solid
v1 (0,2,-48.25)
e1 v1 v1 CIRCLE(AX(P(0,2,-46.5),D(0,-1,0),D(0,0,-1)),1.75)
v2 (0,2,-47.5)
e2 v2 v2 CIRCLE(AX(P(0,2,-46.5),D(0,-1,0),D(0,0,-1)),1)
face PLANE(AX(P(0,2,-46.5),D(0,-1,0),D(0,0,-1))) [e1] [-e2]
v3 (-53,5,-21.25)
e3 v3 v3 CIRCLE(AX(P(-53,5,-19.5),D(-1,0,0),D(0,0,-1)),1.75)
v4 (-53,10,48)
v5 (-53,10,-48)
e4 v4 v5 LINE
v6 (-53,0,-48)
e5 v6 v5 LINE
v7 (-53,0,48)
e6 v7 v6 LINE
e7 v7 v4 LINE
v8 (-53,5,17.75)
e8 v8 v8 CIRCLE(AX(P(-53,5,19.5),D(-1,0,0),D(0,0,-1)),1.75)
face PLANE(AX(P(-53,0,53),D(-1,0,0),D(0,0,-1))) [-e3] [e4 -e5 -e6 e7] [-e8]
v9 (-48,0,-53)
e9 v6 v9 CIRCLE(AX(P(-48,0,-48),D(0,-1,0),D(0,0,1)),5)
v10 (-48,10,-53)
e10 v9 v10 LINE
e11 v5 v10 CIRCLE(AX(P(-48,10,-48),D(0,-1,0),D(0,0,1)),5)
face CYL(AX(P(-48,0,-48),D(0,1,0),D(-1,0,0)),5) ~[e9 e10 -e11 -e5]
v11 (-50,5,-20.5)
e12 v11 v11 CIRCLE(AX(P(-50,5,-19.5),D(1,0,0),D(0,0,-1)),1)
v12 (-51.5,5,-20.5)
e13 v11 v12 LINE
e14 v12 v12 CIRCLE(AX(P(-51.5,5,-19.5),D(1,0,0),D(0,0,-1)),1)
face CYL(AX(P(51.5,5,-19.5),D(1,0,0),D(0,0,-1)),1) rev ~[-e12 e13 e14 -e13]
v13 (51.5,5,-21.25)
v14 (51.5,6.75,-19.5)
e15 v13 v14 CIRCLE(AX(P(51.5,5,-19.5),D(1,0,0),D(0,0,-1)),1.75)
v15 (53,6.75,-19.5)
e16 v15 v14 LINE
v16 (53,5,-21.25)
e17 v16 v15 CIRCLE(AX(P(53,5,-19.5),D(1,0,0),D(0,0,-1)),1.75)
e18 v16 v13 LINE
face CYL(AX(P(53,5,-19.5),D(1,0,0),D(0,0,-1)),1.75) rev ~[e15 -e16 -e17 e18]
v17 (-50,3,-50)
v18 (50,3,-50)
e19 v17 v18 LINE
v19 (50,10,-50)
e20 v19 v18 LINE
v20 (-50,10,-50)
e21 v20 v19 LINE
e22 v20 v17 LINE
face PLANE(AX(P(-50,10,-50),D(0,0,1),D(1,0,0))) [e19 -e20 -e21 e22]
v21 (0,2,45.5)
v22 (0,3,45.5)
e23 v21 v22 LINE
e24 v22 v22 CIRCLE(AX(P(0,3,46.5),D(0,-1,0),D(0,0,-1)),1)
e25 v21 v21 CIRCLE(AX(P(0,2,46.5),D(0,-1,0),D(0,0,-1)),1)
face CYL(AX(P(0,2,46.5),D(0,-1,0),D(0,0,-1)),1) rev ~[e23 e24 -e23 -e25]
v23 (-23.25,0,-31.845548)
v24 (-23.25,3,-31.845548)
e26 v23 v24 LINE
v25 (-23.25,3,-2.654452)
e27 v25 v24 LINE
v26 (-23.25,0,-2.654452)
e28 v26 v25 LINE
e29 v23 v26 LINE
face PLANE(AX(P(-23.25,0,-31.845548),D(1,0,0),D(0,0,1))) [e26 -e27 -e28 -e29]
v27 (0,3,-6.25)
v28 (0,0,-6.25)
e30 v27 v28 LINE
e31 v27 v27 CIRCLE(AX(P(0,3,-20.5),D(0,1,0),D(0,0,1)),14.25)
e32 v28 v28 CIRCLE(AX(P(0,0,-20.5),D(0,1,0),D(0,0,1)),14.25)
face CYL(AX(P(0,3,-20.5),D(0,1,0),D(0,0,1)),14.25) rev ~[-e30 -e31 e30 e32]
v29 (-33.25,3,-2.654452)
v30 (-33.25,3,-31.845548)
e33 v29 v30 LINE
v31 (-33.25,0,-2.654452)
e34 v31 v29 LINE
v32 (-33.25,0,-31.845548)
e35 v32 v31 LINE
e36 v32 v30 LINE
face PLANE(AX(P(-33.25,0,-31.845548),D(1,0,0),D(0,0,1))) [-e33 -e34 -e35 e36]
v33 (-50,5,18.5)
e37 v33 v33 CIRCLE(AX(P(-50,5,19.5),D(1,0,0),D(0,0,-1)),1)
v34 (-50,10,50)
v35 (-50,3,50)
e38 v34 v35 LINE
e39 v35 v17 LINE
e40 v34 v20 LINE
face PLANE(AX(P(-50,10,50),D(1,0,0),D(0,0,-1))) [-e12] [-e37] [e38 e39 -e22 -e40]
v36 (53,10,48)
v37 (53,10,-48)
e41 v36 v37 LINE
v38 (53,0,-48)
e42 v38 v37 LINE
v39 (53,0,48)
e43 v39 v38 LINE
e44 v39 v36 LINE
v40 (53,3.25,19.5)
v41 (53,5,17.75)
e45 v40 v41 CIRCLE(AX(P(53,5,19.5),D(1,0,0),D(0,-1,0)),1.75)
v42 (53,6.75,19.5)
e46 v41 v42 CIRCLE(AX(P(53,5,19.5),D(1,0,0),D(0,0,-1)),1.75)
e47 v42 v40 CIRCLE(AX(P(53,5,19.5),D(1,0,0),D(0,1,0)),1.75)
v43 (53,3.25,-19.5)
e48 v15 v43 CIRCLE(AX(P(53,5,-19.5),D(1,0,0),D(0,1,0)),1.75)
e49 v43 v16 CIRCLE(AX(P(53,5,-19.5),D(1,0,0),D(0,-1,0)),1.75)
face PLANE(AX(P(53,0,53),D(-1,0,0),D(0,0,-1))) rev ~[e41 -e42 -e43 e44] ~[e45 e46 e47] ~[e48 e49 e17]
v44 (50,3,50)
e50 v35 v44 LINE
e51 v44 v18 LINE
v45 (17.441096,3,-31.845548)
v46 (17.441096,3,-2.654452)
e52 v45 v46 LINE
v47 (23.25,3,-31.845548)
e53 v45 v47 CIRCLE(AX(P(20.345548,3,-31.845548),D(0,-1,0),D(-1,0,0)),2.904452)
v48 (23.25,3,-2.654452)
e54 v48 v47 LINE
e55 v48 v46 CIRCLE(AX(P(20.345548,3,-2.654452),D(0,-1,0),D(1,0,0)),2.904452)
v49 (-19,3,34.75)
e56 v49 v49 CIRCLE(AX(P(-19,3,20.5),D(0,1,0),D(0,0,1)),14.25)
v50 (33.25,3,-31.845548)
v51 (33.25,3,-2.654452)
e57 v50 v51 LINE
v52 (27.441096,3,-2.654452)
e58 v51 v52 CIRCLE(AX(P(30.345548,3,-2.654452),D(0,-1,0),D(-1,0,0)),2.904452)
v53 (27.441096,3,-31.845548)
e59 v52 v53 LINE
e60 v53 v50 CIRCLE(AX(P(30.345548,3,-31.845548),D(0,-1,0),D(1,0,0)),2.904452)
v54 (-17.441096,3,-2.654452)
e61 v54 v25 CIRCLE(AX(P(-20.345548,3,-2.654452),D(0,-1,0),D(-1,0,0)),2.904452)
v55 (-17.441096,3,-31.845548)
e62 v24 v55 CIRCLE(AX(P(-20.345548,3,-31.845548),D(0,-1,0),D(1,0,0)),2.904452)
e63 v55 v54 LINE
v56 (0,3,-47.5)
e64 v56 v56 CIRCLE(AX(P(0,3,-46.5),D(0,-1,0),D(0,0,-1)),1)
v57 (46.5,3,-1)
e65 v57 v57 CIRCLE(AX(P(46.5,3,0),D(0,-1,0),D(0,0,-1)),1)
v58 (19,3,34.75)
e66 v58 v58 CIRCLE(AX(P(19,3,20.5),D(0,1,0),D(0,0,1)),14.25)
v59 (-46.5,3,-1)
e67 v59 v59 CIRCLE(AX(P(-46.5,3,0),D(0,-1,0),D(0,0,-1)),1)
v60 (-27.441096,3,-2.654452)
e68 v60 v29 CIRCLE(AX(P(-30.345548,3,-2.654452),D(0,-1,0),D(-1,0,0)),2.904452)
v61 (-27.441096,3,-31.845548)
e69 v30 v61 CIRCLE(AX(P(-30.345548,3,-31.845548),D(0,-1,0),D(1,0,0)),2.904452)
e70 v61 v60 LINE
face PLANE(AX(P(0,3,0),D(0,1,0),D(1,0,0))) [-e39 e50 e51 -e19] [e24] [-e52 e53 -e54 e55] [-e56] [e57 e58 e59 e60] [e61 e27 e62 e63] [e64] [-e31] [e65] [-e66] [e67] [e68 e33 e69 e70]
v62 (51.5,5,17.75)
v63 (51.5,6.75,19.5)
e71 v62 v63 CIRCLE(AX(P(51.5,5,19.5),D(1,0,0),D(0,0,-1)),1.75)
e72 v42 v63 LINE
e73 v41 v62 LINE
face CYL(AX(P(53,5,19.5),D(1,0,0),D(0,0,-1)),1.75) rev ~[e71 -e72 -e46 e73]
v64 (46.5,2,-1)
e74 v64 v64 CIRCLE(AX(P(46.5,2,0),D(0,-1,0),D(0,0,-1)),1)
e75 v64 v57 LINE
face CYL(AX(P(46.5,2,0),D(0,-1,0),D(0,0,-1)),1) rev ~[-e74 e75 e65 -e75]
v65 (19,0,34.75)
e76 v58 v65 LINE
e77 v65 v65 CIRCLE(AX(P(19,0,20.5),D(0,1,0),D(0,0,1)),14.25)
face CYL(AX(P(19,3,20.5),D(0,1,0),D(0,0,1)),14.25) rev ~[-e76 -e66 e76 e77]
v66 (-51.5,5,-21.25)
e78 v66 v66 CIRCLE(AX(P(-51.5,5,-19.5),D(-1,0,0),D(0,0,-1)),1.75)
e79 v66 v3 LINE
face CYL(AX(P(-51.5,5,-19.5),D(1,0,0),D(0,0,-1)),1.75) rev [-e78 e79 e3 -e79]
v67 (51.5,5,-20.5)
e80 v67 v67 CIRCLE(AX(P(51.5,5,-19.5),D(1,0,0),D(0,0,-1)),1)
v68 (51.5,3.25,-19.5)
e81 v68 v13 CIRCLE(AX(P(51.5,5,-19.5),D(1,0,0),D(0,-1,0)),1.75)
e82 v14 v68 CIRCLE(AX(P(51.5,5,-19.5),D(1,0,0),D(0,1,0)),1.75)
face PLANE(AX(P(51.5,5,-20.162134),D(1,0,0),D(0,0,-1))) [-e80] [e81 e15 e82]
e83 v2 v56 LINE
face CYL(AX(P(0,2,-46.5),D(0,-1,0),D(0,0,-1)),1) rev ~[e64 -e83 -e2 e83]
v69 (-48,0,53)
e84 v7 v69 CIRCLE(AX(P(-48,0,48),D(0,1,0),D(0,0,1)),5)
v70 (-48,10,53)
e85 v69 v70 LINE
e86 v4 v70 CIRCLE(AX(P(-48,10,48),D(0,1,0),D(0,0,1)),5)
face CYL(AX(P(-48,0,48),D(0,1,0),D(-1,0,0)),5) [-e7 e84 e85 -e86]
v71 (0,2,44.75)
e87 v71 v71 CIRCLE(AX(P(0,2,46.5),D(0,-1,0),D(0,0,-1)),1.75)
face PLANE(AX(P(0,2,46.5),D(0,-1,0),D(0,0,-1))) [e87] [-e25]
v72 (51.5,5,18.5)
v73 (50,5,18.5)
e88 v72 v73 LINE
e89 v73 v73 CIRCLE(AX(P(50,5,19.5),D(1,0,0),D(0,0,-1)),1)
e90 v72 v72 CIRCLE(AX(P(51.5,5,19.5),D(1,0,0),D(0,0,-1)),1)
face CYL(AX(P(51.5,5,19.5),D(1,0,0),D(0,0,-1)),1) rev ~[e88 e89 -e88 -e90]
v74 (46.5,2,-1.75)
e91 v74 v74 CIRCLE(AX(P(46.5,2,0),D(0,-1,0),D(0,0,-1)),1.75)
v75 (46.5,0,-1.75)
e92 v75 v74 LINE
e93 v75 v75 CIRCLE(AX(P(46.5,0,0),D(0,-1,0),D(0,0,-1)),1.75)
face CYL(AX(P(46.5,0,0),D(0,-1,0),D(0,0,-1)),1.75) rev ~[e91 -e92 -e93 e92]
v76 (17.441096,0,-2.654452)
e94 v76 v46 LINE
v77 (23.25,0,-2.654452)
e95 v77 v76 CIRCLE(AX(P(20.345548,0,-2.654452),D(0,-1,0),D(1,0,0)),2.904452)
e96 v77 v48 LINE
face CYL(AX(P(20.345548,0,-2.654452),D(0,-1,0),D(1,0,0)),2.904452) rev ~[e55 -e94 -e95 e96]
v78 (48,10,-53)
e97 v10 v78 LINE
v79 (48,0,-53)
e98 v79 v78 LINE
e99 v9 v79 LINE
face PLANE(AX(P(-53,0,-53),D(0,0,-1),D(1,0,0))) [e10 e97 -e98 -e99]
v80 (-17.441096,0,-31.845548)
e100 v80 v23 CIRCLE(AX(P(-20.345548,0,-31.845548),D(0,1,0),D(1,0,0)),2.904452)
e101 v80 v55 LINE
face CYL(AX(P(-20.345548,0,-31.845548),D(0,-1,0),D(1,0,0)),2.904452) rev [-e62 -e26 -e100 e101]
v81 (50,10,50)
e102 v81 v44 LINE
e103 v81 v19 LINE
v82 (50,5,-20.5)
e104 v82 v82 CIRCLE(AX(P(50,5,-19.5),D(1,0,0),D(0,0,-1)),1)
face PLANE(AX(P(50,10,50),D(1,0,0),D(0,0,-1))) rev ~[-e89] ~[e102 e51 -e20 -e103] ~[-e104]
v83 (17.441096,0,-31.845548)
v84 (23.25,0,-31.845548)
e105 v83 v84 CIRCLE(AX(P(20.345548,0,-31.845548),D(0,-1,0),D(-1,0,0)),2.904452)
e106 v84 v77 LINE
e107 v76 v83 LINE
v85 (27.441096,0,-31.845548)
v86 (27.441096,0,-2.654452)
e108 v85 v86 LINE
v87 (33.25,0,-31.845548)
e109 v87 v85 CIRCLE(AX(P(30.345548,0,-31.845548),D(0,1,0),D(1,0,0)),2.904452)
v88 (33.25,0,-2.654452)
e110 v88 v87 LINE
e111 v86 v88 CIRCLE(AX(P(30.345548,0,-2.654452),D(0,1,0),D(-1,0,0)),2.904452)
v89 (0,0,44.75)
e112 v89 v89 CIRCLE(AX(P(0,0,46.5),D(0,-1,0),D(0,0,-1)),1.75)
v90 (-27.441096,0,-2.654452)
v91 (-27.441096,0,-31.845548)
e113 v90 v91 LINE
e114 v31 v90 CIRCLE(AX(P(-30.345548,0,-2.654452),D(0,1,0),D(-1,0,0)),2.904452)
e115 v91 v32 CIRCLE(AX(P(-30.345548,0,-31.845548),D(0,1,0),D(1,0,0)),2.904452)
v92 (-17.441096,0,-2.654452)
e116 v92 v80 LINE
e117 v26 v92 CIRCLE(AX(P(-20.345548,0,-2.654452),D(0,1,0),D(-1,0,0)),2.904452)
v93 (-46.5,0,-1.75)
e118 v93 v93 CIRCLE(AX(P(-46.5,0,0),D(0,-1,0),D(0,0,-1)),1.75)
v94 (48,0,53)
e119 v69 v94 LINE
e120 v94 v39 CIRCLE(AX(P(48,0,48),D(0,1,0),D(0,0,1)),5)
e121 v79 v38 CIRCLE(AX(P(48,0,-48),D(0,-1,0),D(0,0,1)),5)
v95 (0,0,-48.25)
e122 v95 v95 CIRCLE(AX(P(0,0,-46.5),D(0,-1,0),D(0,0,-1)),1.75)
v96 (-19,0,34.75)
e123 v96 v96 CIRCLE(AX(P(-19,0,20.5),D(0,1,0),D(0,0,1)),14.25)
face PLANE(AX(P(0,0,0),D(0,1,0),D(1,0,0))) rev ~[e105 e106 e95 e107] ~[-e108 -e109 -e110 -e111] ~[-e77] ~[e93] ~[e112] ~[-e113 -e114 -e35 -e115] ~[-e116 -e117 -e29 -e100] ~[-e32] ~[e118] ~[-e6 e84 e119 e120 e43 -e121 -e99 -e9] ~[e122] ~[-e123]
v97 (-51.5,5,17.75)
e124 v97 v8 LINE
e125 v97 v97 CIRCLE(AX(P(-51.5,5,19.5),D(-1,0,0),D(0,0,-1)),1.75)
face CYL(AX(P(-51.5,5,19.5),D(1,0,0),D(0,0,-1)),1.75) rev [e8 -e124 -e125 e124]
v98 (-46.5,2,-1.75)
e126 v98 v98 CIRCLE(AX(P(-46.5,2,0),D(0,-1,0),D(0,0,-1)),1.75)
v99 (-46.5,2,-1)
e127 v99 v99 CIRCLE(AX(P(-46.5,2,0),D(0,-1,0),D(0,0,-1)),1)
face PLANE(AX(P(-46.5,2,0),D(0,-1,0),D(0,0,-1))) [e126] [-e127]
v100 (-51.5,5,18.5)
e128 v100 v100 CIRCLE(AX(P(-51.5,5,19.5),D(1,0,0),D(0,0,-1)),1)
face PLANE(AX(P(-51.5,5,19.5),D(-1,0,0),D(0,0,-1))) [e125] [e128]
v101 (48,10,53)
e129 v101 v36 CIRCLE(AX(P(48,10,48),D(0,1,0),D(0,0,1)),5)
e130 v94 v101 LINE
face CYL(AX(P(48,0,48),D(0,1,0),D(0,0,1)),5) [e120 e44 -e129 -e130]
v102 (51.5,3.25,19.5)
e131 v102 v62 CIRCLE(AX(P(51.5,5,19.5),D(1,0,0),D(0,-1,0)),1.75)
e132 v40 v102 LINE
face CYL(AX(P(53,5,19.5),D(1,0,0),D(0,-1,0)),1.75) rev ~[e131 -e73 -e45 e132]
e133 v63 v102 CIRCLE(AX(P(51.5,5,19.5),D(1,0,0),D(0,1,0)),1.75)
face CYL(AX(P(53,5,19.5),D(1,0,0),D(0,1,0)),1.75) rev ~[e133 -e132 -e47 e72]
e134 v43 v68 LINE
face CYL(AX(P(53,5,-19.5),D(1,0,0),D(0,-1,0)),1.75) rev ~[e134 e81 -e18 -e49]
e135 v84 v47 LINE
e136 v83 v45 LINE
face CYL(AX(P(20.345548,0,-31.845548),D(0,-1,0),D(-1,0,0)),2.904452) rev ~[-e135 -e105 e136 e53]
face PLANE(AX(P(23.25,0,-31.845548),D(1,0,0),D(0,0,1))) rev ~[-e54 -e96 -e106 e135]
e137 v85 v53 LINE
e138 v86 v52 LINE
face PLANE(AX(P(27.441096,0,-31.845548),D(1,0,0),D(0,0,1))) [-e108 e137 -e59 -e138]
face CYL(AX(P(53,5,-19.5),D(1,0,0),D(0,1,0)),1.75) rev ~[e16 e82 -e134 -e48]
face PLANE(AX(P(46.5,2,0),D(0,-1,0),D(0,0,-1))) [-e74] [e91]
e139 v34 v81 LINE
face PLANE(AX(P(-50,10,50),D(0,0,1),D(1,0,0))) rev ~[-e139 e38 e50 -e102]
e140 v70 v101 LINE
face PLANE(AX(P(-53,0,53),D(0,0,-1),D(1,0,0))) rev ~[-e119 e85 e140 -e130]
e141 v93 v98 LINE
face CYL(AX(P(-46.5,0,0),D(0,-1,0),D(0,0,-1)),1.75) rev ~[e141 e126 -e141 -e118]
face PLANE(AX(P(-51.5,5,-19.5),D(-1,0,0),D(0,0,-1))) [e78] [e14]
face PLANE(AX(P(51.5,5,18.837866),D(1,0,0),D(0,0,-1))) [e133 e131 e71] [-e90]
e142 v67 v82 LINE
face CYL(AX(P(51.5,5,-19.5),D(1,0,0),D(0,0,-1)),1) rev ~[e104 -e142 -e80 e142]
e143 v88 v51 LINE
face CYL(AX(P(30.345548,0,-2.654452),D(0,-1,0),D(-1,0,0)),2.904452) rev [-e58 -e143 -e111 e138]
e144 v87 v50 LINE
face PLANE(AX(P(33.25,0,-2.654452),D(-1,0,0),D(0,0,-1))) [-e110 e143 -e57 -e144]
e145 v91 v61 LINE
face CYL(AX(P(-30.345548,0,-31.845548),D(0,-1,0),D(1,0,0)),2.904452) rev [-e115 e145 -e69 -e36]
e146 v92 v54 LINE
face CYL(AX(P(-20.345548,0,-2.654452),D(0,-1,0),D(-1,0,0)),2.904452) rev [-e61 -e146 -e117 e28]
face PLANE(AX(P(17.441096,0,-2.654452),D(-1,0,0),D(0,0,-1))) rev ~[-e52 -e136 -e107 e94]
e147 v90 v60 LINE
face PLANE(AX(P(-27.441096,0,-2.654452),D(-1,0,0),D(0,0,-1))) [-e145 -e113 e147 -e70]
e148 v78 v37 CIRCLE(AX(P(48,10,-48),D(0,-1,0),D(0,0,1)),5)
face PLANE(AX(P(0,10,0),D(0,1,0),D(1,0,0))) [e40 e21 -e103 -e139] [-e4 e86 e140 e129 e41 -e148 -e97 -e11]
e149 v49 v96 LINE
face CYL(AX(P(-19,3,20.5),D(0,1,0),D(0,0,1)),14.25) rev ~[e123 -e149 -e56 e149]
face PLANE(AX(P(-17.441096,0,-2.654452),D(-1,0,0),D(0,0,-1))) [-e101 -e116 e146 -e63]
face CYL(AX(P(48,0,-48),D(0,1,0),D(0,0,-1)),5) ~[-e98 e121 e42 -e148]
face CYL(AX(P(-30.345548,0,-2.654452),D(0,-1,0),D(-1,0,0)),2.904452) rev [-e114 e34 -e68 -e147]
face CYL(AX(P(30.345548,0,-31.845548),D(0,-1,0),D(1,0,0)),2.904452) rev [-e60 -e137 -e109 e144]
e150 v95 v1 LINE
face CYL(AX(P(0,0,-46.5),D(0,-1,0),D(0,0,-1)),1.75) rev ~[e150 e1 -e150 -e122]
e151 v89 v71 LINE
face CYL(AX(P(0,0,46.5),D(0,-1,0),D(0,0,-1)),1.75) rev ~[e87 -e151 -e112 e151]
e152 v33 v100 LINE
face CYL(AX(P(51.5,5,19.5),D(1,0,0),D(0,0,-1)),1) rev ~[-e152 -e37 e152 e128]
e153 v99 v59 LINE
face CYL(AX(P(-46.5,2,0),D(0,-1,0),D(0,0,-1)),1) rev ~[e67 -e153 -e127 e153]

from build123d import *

# Parameters (mm, degrees)
SKETCH1_W           = 106
SKETCH1_H           = 106
BOSS_EXTRUDE1_DEPTH = 10
SKETCH3_W           = 100
SKETCH3_H           = 100
CUT_EXTRUDE5_DEPTH  = 7
SKETCH7_R           = 14.25
CUT_EXTRUDE6_DEPTH  = 7
SKETCH9_R           = 1.75
CUT_EXTRUDE7_DEPTH  = 2
SKETCH11_R          = 1
CUT_EXTRUDE8_DEPTH  = 17
CUT_EXTRUDE9_DEPTH  = 1.5
SKETCH14_R          = 1
CUT_EXTRUDE10_DEPTH = 115.5
CUT_EXTRUDE11_START = -1.5
SKETCH15_R          = 1.75
CUT_EXTRUDE11_DEPTH = 1.5
FILLET1_R           = 5
CUT_EXTRUDE12_DEPTH = 10


with BuildPart() as part:
    # Sketch1 → Boss-Extrude1 (new body)
    with BuildSketch(Plane(origin=(0, 0, 0), x_dir=(1, 0, 0), z_dir=(0, 1, 0))):
        Rectangle(SKETCH1_W, SKETCH1_H)
    extrude(amount=BOSS_EXTRUDE1_DEPTH)

    # Sketch3 → Cut-Extrude5 (cut)
    with BuildSketch(Plane(origin=(0, 10, 0), x_dir=(1, 0, 0), z_dir=(0, 1, 0))):
        Rectangle(SKETCH3_W, SKETCH3_H)
    extrude(amount=-CUT_EXTRUDE5_DEPTH, mode=Mode.SUBTRACT)

    # Sketch7 → Cut-Extrude6 (cut)
    with BuildSketch(Plane(origin=(0, 3, 0), x_dir=(1, 0, 0), z_dir=(0, 1, 0))):
        with Locations(Location((0, 20.5, 0), (0, 0, 270))):
            Circle(SKETCH7_R)
        with Locations(Location((19, -20.5, 0), (0, 0, 270))):
            Circle(SKETCH7_R)
        with Locations(Location((-19, -20.5, 0), (0, 0, 270))):
            Circle(SKETCH7_R)
    extrude(amount=-CUT_EXTRUDE6_DEPTH, mode=Mode.SUBTRACT)

    # Sketch9 → Cut-Extrude7 (cut)
    with BuildSketch(Plane.XZ):
        with Locations(Location((46.5, 0, 0), (0, 0, 270))):
            Circle(SKETCH9_R)
        with Locations(Location((0, -46.5, 0), (0, 0, 270))):
            Circle(SKETCH9_R)
        with Locations(Location((0, 46.5, 0), (0, 0, 270))):
            Circle(SKETCH9_R)
        with Locations(Location((-46.5, 0, 0), (0, 0, 270))):
            Circle(SKETCH9_R)
    extrude(amount=-CUT_EXTRUDE7_DEPTH, mode=Mode.SUBTRACT)

    # Sketch11 → Cut-Extrude8 (cut)
    with BuildSketch(Plane.XZ.offset(-2)):
        with Locations(Location((46.5, 0, 0), (0, 0, 270))):
            Circle(SKETCH11_R)
        with Locations(Location((0, -46.5, 0), (0, 0, 270))):
            Circle(SKETCH11_R)
        with Locations(Location((-46.5, 0, 0), (0, 0, 270))):
            Circle(SKETCH11_R)
        with Locations(Location((0, 46.5, 0), (0, 0, 270))):
            Circle(SKETCH11_R)
    extrude(amount=-CUT_EXTRUDE8_DEPTH, mode=Mode.SUBTRACT)

    # Sketch12 → Cut-Extrude9 (cut)
    with BuildSketch(Plane(origin=(53, 0, 0), x_dir=(0, 0, -1), z_dir=(1, 0, 0))):
        with BuildLine():
            ThreePointArc((-17.75, 5), (-18.262563133, 6.237436867), (-19.5, 6.75))
            Line((-19.5, 6.75), (-19.5, 3.25))
            ThreePointArc((-19.5, 3.25), (-18.262563133, 3.762563133), (-17.75, 5))
        make_face()
        with BuildLine():
            Line((-19.5, 3.25), (-19.5, 6.75))
            ThreePointArc((-19.5, 6.75), (-21.25, 5), (-19.5, 3.25))
        make_face()
        with BuildLine():
            ThreePointArc((21.25, 5), (20.737436867, 6.237436867), (19.5, 6.75))
            Line((19.5, 6.75), (19.5, 3.25))
            ThreePointArc((19.5, 3.25), (20.737436867, 3.762563133), (21.25, 5))
        make_face()
        with BuildLine():
            Line((19.5, 3.25), (19.5, 6.75))
            ThreePointArc((19.5, 6.75), (17.75, 5), (19.5, 3.25))
        make_face()
    extrude(amount=-CUT_EXTRUDE9_DEPTH, mode=Mode.SUBTRACT)

    # Sketch14 → Cut-Extrude10 (cut)
    with BuildSketch(Plane(origin=(51.5, 0, 0), x_dir=(0, 0, -1), z_dir=(1, 0, 0))):
        with Locations((-19.5, 5)):
            Circle(SKETCH14_R)
        with Locations((19.5, 5)):
            Circle(SKETCH14_R)
    extrude(amount=-CUT_EXTRUDE10_DEPTH, mode=Mode.SUBTRACT)

    # Sketch15 → Cut-Extrude11 (cut)
    with BuildSketch(Plane.ZY.offset(53).offset(CUT_EXTRUDE11_START)):
        with Locations(Location((-19.5, 5, 0), (0, 0, 180))):
            Circle(SKETCH15_R)
        with Locations(Location((19.5, 5, 0), (0, 0, 180))):
            Circle(SKETCH15_R)
    extrude(amount=CUT_EXTRUDE11_DEPTH, mode=Mode.SUBTRACT)

    # Fillet1
    fillet1_edges = [part.edges().sort_by_distance(p)[0] for p in [
        (53, 5, 53),
        (-53, 5, 53),
        (-53, 5, -53),
        (53, 5, -53),
    ]]
    fillet(fillet1_edges, radius=FILLET1_R)

    # Sketch21 → Cut-Extrude12 (cut)
    with BuildSketch(Plane.XZ):
        with BuildLine():
            Line((-33.25, -31.84554788), (-33.25, -2.65445212))
            ThreePointArc((-33.25, -2.65445212), (-30.34554788, 0.25), (-27.441095759, -2.65445212))
            Line((-27.441095759, -2.65445212), (-27.441095759, -31.84554788))
            ThreePointArc((-27.441095759, -31.84554788), (-30.34554788, -34.75), (-33.25, -31.84554788))
        make_face()
        with BuildLine():
            Line((-23.25, -31.84554788), (-23.25, -2.65445212))
            ThreePointArc((-23.25, -2.65445212), (-20.34554788, 0.25), (-17.441095759, -2.65445212))
            Line((-17.441095759, -2.65445212), (-17.441095759, -31.84554788))
            ThreePointArc((-17.441095759, -31.84554788), (-20.34554788, -34.75), (-23.25, -31.84554788))
        make_face()
        with BuildLine():
            ThreePointArc((33.25, -31.84554788), (30.34554788, -34.75), (27.441095759, -31.84554788))
            Line((27.441095759, -31.84554788), (27.441095759, -2.65445212))
            ThreePointArc((27.441095759, -2.65445212), (30.34554788, 0.25), (33.25, -2.65445212))
            Line((33.25, -2.65445212), (33.25, -31.84554788))
        make_face()
        with BuildLine():
            Line((23.25, -31.84554788), (23.25, -2.65445212))
            ThreePointArc((23.25, -2.65445212), (20.34554788, 0.25), (17.441095759, -2.65445212))
            Line((17.441095759, -2.65445212), (17.441095759, -31.84554788))
            ThreePointArc((17.441095759, -31.84554788), (20.34554788, -34.75), (23.25, -31.84554788))
        make_face()
    extrude(amount=-CUT_EXTRUDE12_DEPTH, mode=Mode.SUBTRACT)


solid = part.part
